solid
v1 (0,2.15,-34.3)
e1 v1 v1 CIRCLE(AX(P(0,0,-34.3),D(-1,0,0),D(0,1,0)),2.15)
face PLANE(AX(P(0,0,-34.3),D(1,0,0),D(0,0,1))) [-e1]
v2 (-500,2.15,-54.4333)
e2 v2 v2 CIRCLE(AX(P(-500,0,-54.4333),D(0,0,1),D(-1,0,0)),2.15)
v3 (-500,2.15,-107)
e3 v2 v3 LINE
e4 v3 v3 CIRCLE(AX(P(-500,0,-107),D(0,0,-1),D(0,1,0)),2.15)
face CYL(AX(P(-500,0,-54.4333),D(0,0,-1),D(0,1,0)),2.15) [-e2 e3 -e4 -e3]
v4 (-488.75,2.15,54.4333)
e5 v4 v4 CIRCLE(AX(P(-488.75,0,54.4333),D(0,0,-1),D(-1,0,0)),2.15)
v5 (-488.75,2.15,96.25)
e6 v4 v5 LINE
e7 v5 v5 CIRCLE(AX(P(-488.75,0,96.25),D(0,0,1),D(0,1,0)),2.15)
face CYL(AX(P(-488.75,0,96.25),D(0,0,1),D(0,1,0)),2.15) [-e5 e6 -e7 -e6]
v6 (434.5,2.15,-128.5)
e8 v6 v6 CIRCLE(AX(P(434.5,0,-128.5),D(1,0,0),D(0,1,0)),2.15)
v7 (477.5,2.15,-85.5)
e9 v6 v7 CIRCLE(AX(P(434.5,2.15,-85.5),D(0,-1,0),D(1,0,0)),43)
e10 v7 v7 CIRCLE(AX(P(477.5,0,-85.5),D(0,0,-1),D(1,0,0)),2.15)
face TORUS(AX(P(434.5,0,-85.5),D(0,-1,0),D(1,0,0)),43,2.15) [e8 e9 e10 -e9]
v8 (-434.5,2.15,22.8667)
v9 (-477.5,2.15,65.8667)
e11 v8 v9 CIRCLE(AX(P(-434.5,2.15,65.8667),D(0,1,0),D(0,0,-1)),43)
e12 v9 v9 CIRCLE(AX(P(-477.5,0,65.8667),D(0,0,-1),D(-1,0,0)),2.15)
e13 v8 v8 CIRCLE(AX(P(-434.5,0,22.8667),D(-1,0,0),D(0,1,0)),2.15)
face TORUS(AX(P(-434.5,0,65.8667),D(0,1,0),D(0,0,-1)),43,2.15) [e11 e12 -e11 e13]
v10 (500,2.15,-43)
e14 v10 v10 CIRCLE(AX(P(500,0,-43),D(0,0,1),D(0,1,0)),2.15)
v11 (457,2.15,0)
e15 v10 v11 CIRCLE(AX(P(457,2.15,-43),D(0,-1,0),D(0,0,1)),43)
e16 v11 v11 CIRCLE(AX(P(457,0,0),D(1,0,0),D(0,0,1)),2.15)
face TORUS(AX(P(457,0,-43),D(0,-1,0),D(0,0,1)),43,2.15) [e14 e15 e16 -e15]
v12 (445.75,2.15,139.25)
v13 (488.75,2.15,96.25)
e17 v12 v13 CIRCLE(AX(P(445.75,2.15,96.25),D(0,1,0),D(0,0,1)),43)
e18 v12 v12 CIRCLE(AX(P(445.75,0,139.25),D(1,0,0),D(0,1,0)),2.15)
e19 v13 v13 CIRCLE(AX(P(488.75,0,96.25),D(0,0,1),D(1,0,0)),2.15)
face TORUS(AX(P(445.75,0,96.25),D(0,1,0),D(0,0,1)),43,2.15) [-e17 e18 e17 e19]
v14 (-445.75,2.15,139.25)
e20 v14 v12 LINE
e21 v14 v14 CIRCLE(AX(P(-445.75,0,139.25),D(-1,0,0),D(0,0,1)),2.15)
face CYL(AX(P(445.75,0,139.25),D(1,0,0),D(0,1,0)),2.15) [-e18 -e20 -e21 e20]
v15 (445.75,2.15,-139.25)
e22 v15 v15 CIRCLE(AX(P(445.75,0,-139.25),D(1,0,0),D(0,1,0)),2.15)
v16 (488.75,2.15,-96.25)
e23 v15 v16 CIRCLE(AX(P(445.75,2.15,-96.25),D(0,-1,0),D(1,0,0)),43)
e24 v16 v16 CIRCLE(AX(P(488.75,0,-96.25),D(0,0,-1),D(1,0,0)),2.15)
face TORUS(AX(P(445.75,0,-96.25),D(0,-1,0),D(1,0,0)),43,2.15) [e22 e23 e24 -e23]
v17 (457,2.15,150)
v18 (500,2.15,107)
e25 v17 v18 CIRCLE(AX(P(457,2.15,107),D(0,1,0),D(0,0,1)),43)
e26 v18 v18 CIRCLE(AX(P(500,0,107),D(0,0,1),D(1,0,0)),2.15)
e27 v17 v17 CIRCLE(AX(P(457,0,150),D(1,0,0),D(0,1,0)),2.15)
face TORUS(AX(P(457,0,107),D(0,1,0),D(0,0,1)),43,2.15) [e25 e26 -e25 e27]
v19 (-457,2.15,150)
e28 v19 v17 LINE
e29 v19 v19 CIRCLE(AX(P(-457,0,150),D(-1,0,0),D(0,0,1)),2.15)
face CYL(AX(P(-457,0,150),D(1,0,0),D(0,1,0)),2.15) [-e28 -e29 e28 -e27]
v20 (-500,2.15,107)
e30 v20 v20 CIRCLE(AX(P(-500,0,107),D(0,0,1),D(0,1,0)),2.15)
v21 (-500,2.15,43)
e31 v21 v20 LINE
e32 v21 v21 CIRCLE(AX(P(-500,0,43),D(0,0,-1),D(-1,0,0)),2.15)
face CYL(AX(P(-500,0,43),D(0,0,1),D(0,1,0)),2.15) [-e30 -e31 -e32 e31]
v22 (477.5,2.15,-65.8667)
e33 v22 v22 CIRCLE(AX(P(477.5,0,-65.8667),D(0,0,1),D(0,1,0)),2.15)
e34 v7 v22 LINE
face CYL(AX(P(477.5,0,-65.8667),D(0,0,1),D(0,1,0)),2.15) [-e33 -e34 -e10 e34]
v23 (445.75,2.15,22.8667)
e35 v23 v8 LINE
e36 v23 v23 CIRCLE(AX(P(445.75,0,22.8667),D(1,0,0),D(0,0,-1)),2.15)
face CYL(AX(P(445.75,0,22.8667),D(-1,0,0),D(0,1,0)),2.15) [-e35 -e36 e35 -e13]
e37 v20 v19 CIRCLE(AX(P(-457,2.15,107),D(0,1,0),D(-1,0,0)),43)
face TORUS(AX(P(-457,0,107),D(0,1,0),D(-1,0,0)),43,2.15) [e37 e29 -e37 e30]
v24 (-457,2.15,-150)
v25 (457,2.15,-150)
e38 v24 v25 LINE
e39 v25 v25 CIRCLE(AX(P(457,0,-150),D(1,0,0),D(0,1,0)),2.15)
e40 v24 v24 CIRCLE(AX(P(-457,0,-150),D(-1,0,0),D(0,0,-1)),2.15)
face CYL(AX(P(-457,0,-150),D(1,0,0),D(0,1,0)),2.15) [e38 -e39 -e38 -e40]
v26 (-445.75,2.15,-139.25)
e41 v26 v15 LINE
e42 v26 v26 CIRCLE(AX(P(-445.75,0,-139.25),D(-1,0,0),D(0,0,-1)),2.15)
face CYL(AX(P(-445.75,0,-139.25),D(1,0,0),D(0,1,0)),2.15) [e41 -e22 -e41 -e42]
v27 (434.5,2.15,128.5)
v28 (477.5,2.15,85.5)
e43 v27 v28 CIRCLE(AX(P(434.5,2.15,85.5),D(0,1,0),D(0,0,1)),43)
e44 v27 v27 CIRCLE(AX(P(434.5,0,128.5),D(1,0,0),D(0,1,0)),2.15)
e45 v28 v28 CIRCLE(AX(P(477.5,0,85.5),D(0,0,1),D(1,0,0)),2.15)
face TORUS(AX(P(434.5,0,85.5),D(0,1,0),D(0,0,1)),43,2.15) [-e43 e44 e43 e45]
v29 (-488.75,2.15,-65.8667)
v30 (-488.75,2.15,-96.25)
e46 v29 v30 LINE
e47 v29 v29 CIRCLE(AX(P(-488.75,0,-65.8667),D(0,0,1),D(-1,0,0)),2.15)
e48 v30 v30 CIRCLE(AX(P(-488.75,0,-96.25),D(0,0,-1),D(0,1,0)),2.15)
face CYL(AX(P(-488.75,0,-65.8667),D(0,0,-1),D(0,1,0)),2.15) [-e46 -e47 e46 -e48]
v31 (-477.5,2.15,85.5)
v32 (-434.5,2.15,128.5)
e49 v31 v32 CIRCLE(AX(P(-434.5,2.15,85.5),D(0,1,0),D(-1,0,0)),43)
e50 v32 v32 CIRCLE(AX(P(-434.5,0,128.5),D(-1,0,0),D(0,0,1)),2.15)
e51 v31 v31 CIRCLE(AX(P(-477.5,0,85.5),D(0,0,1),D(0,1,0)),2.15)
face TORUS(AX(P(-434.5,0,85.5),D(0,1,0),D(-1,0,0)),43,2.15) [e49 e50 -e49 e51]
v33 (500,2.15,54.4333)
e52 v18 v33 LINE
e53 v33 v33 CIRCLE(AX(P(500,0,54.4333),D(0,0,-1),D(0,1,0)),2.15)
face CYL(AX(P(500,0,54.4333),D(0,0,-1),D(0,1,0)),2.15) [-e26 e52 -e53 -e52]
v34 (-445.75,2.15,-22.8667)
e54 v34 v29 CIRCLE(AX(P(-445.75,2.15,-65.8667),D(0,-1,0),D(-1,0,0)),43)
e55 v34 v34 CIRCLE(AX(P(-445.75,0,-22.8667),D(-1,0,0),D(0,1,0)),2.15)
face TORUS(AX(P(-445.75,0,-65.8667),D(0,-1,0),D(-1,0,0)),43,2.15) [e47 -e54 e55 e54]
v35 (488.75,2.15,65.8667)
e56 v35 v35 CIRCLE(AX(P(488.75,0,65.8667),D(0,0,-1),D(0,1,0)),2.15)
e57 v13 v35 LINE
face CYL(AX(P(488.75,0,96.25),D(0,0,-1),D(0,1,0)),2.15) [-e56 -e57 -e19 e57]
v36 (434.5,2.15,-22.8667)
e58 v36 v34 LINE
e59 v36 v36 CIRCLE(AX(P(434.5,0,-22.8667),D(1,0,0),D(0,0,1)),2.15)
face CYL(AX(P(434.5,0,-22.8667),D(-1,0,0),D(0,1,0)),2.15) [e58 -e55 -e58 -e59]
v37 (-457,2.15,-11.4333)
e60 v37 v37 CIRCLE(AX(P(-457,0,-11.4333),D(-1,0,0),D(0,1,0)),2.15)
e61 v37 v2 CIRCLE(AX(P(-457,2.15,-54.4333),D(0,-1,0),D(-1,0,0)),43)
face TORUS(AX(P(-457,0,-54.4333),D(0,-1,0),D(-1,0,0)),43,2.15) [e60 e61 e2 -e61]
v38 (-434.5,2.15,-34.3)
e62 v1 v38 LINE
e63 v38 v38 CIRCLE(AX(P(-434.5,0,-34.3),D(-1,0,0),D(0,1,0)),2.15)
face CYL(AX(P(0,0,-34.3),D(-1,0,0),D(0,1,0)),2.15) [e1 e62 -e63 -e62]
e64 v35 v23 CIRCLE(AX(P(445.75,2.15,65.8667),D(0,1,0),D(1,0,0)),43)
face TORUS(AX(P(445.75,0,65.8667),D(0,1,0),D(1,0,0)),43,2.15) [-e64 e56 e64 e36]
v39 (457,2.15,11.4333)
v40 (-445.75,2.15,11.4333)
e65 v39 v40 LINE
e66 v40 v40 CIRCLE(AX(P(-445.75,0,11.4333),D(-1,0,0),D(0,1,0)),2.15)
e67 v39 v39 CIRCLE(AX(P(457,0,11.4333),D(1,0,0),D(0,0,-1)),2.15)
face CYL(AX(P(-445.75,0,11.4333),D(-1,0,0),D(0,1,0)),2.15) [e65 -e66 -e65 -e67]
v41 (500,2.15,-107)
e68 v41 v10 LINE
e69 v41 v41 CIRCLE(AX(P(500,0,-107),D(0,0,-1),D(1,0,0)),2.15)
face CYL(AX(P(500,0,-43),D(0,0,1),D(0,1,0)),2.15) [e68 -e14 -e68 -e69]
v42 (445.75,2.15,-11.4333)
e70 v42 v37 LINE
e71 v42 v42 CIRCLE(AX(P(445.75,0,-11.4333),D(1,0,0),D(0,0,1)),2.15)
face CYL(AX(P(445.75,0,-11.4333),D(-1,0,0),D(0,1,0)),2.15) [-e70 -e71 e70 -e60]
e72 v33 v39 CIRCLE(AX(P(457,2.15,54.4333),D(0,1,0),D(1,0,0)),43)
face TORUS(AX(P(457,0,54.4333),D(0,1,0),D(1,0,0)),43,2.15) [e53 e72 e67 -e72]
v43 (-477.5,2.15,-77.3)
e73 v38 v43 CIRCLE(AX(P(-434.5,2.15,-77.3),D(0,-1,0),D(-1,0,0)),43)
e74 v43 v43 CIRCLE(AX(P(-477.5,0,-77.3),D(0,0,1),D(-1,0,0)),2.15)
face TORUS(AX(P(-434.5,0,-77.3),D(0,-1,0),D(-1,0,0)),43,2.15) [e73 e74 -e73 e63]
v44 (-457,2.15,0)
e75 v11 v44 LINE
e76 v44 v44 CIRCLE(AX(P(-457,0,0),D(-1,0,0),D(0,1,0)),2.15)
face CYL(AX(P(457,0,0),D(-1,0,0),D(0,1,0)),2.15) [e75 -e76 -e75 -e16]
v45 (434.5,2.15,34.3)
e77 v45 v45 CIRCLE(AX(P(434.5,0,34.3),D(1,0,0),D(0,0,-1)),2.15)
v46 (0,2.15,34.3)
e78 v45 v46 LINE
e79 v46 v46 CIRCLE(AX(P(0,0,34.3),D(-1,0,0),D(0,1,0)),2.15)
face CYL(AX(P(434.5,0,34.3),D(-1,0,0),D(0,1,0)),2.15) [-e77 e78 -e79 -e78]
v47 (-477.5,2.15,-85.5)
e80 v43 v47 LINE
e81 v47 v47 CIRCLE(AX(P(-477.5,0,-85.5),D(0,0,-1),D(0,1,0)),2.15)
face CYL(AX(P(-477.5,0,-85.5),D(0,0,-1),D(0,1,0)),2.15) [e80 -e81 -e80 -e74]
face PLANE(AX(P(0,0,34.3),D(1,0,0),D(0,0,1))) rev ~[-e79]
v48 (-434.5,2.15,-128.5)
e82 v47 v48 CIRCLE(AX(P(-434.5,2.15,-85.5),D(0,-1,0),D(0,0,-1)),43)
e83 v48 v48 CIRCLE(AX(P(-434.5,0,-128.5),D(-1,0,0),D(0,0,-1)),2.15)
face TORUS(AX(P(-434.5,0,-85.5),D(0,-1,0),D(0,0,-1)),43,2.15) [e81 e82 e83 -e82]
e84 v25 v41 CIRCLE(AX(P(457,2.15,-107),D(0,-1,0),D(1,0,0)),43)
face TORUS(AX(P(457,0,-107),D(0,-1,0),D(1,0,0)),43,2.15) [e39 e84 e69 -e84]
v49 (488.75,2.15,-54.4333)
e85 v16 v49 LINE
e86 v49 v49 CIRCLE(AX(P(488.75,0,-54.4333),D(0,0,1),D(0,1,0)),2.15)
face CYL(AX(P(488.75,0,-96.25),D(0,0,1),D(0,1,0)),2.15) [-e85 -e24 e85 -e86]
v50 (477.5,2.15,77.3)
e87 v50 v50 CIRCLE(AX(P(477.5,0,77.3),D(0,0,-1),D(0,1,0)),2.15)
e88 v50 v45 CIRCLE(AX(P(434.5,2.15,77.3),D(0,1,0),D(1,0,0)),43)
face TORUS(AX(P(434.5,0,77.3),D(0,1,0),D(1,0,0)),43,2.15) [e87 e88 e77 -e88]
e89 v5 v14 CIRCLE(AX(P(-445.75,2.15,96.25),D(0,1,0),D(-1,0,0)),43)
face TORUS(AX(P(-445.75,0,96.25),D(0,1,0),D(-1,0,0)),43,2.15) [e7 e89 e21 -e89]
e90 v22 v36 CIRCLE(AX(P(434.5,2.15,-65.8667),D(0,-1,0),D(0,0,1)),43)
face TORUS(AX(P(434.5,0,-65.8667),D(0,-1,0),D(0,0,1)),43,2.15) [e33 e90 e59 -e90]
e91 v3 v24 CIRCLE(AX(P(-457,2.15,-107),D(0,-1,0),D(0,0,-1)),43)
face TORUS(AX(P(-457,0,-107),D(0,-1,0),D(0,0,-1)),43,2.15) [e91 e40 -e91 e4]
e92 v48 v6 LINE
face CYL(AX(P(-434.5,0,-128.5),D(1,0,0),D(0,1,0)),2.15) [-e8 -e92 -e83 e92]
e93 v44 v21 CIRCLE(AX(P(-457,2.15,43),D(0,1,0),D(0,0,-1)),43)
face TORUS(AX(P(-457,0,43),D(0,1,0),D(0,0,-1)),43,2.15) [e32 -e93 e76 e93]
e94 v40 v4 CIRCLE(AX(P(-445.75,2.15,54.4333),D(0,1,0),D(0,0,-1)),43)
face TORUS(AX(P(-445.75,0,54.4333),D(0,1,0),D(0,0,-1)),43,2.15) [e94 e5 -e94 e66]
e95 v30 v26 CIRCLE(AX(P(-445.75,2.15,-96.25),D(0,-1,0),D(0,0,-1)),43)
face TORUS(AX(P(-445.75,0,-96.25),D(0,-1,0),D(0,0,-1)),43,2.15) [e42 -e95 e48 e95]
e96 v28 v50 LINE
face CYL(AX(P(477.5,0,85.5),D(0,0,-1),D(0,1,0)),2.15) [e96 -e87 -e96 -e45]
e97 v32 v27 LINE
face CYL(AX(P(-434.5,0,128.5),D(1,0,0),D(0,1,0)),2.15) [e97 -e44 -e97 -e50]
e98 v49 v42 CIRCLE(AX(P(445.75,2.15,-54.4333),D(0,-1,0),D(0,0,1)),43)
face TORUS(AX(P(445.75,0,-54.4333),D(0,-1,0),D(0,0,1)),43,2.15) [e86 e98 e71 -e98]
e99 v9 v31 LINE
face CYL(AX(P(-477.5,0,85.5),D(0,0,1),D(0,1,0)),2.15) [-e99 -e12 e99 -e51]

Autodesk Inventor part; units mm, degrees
ref_plane "YZ Plane" through (0, 0, 0) normal (1, 0, 0) x (0, 1, 0)
ref_plane "XZ Plane" through (0, 0, 0) normal (0, 1, 0) x (-1, 0, 0)
ref_plane "XY Plane" through (0, 0, 0) normal (0, 0, 1) x (1, 0, 0)
sketch "Sketch1" plane through (0, 0, 0) normal (0, 1, 0) x (-1, 0, 0)
  line L0 (0, 0) -> (-500, 0) construction
  line L1 (-500, 0) -> (-500, -150) construction
  line L2 (-500, -150) -> (500, -150) construction
  line L3 (500, -150) -> (500, -11.4333) construction
  line L4 (500, -11.4333) -> (-488.75, -11.4333) construction
  line L5 (-488.75, -11.4333) -> (-488.75, -139.25) construction
  line L6 (-488.75, -139.25) -> (488.75, -139.25) construction
  line L7 (488.75, -139.25) -> (488.75, -22.8667) construction
  line L8 (488.75, -22.8667) -> (-477.5, -22.8667) construction
  line L9 (-477.5, -22.8667) -> (-477.5, -128.5) construction
  line L10 (-477.5, -128.5) -> (477.5, -128.5) construction
  line L11 (477.5, -128.5) -> (477.5, -34.3) construction
  line L12 (477.5, -34.3) -> (0, -34.3) construction
  line L13 (0, 0) -> (0, -11.4333) construction
  line L14 (0, -11.4333) -> (0, -22.8667) construction
  line L15 (0, -22.8667) -> (0, -34.3) construction
  line L16 (0, -128.5) -> (0, -139.25) construction
  line L17 (0, -139.25) -> (0, -150) construction
  line L18 (500, -34.3) -> (488.75, -34.3) construction
  line L19 (488.75, -34.3) -> (477.5, -34.3) construction
  line L20 (-477.5, -22.8667) -> (-488.75, -22.8667) construction
  line L21 (-488.75, -22.8667) -> (-500, -22.8667) construction
  line L22 (0, 0) -> (500, 0)
  line L23 (500, 0) -> (500, 150) construction
  line L24 (500, 150) -> (-500, 150) construction
  line L25 (-500, 150) -> (-500, 11.4333) construction
  line L26 (-500, 11.4333) -> (488.75, 11.4333) construction
  line L27 (488.75, 11.4333) -> (488.75, 139.25) construction
  line L28 (488.75, 139.25) -> (-488.75, 139.25) construction
  line L29 (-488.75, 139.25) -> (-488.75, 22.8667) construction
  line L30 (-488.75, 22.8667) -> (477.5, 22.8667) construction
  line L31 (477.5, 22.8667) -> (477.5, 128.5) construction
  line L32 (477.5, 128.5) -> (-477.5, 128.5) construction
  line L33 (-477.5, 128.5) -> (-477.5, 34.3) construction
  line L34 (-477.5, 34.3) -> (0, 34.3) construction
  line L35 (0, 0) -> (0, 11.4333) construction
  line L36 (0, 11.4333) -> (0, 22.8667) construction
  line L37 (0, 22.8667) -> (0, 34.3) construction
  line L38 (0, 128.5) -> (0, 139.25) construction
  line L39 (0, 139.25) -> (0, 150) construction
  line L40 (-500, 34.3) -> (-488.75, 34.3) construction
  line L41 (-488.75, 34.3) -> (-477.5, 34.3) construction
  line L42 (477.5, 22.8667) -> (488.75, 22.8667) construction
  line L43 (488.75, 22.8667) -> (500, 22.8667) construction
  arc A0 (477.5, -77.3) -> (434.5, -34.3) centre (434.5, -77.3) ccw
  arc A1 (488.75, -65.8667) -> (445.75, -22.8667) centre (445.75, -65.8667) ccw
  arc A2 (500, -54.4333) -> (457, -11.4333) centre (457, -54.4333) ccw
  arc A3 (434.5, -128.5) -> (477.5, -85.5) centre (434.5, -85.5) ccw
  arc A4 (445.75, -139.25) -> (488.75, -96.25) centre (445.75, -96.25) ccw
  arc A5 (457, -150) -> (500, -107) centre (457, -107) ccw
  arc A6 (-434.5, -22.8667) -> (-477.5, -65.8667) centre (-434.5, -65.8667) ccw
  arc A7 (-477.5, 77.3) -> (-434.5, 34.3) centre (-434.5, 77.3) ccw
  arc A8 (-488.75, 65.8667) -> (-445.75, 22.8667) centre (-445.75, 65.8667) ccw
  arc A9 (-500, 54.4333) -> (-457, 11.4333) centre (-457, 54.4333) ccw
  arc A10 (-500, -107) -> (-457, -150) centre (-457, -107) ccw
  arc A11 (-488.75, -96.25) -> (-445.75, -139.25) centre (-445.75, -96.25) ccw
  arc A12 (-477.5, -85.5) -> (-434.5, -128.5) centre (-434.5, -85.5) ccw
  arc A13 (-457, 150) -> (-500, 107) centre (-457, 107) ccw
  arc A14 (-445.75, 139.25) -> (-488.75, 96.25) centre (-445.75, 96.25) ccw
  arc A15 (434.5, 22.8667) -> (477.5, 65.8667) centre (434.5, 65.8667) ccw
  arc A16 (445.75, 11.4333) -> (488.75, 54.4333) centre (445.75, 54.4333) ccw
  arc A17 (457, 0) -> (500, 43) centre (457, 43) ccw
  arc A18 (477.5, 85.5) -> (434.5, 128.5) centre (434.5, 85.5) ccw
  arc A19 (-445.75, -11.4333) -> (-488.75, -54.4333) centre (-445.75, -54.4333) ccw
  arc A20 (-457, 0) -> (-500, -43) centre (-457, -43) ccw
  arc A21 (-434.5, 128.5) -> (-477.5, 85.5) centre (-434.5, 85.5) ccw
  arc A22 (500, 107) -> (457, 150) centre (457, 107) ccw
  arc A23 (488.75, 96.25) -> (445.75, 139.25) centre (445.75, 96.25) ccw
  line L44 (0, -34.3) -> (434.5, -34.3)
  line L45 (434.5, -128.5) -> (-434.5, -128.5)
  line L46 (-434.5, -22.8667) -> (445.75, -22.8667)
  line L47 (445.75, -139.25) -> (-445.75, -139.25)
  line L48 (457, -150) -> (-457, -150)
  line L49 (-445.75, -11.4333) -> (457, -11.4333)
  line L50 (-457, 0) -> (457, 0)
  line L51 (500, -54.4333) -> (500, -107)
  line L52 (488.75, -65.8667) -> (488.75, -96.25)
  line L53 (477.5, -85.5) -> (477.5, -77.3)
  line L54 (-477.5, -65.8667) -> (-477.5, -85.5)
  line L55 (-488.75, -96.25) -> (-488.75, -54.4333)
  line L56 (-500, -43) -> (-500, -107)
  line L57 (-500, 54.4333) -> (-500, 107)
  line L58 (-488.75, 96.25) -> (-488.75, 65.8667)
  line L59 (500, 43) -> (500, 107)
  line L60 (488.75, 96.25) -> (488.75, 54.4333)
  line L61 (477.5, 85.5) -> (477.5, 65.8667)
  line L62 (445.75, 11.4333) -> (-457, 11.4333)
  line L63 (-445.75, 22.8667) -> (434.5, 22.8667)
  line L64 (434.5, 128.5) -> (-434.5, 128.5)
  line L65 (-445.75, 139.25) -> (445.75, 139.25)
  line L66 (457, 150) -> (-457, 150)
  line L67 (-434.5, 34.3) -> (0, 34.3)
  line L68 (-477.5, 85.5) -> (-477.5, 77.3)
  dimension "d5" = 1000
  dimension "d6" = 150
  dimension "d7" = 500
  dimension "d8" = 34.3
  dimension "d9" = 21.5
  dimension "d11" = 22.5
  dimension "d13" = 150
  dimension "d14" = 500
  dimension "d15" = 34.3
  dimension "d16" = 21.5
  dimension "d17" = 22.5
  dimension "d18" = 0
  dimension "d19" = 43
sketch "Sketch2" plane through (0, 0, 0) normal (1, 0, 0) x (0, 1, 0)
  line L0 (-2.15, -32.15) -> (2.15, -32.15) construction
  line L1 (2.15, -32.15) -> (2.15, -36.45) construction
  line L2 (2.15, -36.45) -> (-2.15, -36.45) construction
  line L3 (-2.15, -36.45) -> (-2.15, -32.15) construction
  line L4 (-2.15, -32.15) -> (2.15, -36.45) construction
  line L5 (2.15, -32.15) -> (-2.15, -36.45) construction
  circle A0 centre (0, -34.3) radius 2.15
  point P0 (0, 0)
  dimension "d20" = 4.3
sweep "Sweep3" add profiles "Sketch2" path "Sketch1" path curves L44 A0 L53 A3 L45 A12 L54 A6 L46 A1 L52 A4 L47 A11 L55 A19 L49 A2 L51 A5 L48 A10 L56 A20 L50 A17 L59 A22 L66 A13 L57 A9 L62 A16 L60 A23 L65 A14 L58 A8 L63 A15 L61 A18 L64 A21 L68 A7 L67
properties part number "coil"
